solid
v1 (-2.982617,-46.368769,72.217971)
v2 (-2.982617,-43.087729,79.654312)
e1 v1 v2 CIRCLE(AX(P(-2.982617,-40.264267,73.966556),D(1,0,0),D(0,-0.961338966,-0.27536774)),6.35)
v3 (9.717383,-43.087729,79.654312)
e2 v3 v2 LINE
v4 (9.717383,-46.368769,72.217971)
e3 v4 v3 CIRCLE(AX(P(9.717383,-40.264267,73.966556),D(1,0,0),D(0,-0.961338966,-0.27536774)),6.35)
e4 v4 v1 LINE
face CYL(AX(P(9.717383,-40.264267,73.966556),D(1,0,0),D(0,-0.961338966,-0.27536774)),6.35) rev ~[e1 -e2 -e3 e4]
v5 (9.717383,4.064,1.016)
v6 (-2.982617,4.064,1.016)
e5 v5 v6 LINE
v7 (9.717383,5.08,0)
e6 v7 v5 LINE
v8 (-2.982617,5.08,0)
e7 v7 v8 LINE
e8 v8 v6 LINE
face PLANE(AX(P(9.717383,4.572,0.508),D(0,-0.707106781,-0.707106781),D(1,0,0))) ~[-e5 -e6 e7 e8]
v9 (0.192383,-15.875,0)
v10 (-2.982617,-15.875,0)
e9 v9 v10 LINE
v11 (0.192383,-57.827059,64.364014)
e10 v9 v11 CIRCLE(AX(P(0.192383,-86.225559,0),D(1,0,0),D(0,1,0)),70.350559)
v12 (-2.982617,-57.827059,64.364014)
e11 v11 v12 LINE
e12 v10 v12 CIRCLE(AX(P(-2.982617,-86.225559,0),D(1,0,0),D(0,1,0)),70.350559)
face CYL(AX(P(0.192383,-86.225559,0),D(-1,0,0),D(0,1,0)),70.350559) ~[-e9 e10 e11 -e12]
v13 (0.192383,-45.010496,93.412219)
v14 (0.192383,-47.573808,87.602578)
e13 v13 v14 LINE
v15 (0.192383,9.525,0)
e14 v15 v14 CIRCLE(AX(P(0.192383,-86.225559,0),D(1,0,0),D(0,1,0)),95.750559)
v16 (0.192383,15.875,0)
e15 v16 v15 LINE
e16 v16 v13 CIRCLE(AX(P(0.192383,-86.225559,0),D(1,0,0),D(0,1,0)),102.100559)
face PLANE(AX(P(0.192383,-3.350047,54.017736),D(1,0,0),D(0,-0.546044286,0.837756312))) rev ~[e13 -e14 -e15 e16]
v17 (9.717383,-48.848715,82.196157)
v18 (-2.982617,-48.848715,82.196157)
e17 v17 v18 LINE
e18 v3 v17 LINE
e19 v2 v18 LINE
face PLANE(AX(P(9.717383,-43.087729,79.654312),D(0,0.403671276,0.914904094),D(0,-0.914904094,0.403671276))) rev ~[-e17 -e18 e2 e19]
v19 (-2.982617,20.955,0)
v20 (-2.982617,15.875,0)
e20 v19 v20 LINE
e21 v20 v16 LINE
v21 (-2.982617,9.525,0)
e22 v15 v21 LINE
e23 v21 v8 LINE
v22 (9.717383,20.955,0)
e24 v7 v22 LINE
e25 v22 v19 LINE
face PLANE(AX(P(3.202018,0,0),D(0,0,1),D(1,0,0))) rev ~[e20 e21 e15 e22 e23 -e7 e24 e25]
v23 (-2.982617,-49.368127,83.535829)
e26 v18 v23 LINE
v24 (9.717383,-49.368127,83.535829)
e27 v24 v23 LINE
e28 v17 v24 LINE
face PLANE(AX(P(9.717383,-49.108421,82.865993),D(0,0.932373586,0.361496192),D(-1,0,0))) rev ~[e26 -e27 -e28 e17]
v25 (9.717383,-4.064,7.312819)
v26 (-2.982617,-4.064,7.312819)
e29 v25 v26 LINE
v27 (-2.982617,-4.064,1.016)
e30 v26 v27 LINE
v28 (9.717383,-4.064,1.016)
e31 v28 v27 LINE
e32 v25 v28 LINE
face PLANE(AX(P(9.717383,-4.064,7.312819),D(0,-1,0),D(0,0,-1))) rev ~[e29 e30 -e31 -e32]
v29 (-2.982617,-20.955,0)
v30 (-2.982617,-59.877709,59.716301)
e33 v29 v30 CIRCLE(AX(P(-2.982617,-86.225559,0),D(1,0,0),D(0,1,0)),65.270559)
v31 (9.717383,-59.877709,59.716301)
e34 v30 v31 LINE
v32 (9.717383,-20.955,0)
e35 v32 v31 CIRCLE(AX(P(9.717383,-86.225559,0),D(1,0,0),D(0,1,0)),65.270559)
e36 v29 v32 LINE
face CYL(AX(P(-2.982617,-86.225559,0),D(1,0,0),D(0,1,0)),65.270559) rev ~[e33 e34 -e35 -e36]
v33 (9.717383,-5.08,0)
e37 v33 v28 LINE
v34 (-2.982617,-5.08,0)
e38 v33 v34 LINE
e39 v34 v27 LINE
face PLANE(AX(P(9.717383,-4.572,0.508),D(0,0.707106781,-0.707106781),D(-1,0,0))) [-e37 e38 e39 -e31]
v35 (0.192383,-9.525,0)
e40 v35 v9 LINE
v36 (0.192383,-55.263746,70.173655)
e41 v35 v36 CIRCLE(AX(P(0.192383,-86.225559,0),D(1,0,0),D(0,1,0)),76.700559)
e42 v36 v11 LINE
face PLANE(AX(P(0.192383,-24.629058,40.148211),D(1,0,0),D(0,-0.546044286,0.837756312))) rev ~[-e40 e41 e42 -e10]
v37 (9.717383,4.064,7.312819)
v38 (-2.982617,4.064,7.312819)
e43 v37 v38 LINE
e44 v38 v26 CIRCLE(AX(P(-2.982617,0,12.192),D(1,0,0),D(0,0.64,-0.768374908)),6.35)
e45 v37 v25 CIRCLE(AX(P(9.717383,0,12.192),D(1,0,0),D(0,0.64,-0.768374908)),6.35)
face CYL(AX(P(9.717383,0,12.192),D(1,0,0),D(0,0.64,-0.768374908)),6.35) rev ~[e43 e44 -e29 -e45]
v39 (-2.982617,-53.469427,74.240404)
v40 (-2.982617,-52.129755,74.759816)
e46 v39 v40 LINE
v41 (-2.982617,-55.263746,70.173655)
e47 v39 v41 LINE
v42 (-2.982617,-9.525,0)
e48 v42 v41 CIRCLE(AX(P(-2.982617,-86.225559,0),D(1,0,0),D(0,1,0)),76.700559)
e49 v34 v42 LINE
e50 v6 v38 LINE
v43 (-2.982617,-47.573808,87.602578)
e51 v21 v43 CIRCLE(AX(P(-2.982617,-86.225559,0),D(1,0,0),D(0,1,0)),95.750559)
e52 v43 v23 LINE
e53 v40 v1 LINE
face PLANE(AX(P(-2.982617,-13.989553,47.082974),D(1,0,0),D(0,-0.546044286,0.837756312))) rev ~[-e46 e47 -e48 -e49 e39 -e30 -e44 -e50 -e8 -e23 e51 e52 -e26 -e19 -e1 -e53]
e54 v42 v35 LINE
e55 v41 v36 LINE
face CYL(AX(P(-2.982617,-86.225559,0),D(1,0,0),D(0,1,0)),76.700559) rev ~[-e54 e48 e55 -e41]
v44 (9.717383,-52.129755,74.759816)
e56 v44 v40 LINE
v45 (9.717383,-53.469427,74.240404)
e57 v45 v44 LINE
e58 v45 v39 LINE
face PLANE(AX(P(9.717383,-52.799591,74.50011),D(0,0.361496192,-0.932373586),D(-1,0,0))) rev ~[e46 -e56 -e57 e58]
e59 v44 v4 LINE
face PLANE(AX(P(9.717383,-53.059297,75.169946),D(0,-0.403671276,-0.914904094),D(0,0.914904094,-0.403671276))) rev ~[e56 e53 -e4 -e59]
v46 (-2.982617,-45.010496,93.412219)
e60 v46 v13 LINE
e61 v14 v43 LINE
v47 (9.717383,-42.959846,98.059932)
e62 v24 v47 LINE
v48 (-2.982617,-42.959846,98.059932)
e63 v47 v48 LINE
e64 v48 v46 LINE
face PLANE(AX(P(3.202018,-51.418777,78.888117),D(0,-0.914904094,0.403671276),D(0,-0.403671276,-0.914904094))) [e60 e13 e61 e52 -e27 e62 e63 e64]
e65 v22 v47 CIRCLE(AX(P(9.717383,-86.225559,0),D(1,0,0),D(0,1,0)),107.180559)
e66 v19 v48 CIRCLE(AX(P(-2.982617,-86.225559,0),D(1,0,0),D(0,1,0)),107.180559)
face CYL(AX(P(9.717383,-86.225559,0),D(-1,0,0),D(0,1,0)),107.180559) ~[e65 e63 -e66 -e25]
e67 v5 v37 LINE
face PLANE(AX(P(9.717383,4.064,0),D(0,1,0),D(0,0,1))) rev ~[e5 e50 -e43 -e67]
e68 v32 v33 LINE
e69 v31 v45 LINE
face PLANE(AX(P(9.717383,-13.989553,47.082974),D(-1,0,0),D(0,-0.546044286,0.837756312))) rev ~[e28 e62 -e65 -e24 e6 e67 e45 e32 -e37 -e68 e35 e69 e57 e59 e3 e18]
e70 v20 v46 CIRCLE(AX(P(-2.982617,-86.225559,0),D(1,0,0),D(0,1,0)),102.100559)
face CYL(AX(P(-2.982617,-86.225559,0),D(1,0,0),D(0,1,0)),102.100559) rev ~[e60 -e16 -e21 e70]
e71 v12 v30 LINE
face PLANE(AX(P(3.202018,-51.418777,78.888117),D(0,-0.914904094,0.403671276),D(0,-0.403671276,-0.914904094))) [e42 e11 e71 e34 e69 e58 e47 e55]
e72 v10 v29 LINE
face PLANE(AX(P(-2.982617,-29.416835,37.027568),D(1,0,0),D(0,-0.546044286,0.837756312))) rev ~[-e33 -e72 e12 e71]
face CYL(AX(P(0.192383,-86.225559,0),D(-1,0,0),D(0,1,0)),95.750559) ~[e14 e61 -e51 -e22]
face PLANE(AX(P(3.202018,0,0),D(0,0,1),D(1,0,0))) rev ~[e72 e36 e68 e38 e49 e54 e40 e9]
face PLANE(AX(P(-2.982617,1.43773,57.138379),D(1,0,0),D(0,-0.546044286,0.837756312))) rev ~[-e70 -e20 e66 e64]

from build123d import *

# Parameters (mm, degrees)
F4_DEPTH = 12.7
F5_SIZE  = 1.016


with BuildPart() as f2:
    # F2: sweep along a path in F1
    with BuildLine(Plane.YZ) as f2_path:
        ThreePointArc((0, 0), (-13.9895526568, 47.0829736144), (-51.4187773904, 78.8881166537))
    # F0 (on Top) → F2 (sweep)
    with BuildSketch(Plane.XY):
        Polygon((-2.9826171882, -15.875), (-2.9826171882, -20.955), (9.7173828118, -20.955), (9.7173828118, 20.955), (-2.9826171882, 20.955), (-2.9826171882, 15.875), (0.1923828118, 15.875), (0.1923828118, 9.525), (-2.9826171882, 9.525), (-2.9826171882, -9.525), (0.1923828118, -9.525), (0.1923828118, -15.875), align=None)
    sweep(path=f2_path.line)

    # F3 (on face) → F4 (cut, through all)
    with BuildSketch(Plane.YZ.offset(9.7173828118)):
        with BuildLine():
            Line((-4.064, 7.3128193311), (-4.064, 0))
            Line((-4.064, 0), (4.064, 0))
            Line((4.064, 0), (4.064, 7.3128193311))
            ThreePointArc((4.064, 7.3128193311), (0, 18.542), (-4.064, 7.3128193311))
        make_face()
        with BuildLine():
            Line((-43.0877289811, 79.6543117793), (-49.7782573242, 82.6062868909))
            Line((-49.7782573242, 82.6062868909), (-53.0592974567, 75.1699464166))
            Line((-53.0592974567, 75.1699464166), (-46.3687691136, 72.217971305))
            ThreePointArc((-46.3687691136, 72.217971305), (-34.4546256835, 71.4032438515), (-43.0877289811, 79.6543117793))
        make_face()
    extrude(amount=-F4_DEPTH, mode=Mode.SUBTRACT)

    # F5
    f5_edges = [f2.edges().sort_by_distance(p)[0] for p in [
        (3.367383, -53.059297, 75.169946),
        (3.367383, -49.778257, 82.606287),
        (3.367383, 4.064, 0),
        (3.367383, -4.064, 0),
    ]]
    chamfer(f5_edges, length=F5_SIZE)


solid = f2.part
